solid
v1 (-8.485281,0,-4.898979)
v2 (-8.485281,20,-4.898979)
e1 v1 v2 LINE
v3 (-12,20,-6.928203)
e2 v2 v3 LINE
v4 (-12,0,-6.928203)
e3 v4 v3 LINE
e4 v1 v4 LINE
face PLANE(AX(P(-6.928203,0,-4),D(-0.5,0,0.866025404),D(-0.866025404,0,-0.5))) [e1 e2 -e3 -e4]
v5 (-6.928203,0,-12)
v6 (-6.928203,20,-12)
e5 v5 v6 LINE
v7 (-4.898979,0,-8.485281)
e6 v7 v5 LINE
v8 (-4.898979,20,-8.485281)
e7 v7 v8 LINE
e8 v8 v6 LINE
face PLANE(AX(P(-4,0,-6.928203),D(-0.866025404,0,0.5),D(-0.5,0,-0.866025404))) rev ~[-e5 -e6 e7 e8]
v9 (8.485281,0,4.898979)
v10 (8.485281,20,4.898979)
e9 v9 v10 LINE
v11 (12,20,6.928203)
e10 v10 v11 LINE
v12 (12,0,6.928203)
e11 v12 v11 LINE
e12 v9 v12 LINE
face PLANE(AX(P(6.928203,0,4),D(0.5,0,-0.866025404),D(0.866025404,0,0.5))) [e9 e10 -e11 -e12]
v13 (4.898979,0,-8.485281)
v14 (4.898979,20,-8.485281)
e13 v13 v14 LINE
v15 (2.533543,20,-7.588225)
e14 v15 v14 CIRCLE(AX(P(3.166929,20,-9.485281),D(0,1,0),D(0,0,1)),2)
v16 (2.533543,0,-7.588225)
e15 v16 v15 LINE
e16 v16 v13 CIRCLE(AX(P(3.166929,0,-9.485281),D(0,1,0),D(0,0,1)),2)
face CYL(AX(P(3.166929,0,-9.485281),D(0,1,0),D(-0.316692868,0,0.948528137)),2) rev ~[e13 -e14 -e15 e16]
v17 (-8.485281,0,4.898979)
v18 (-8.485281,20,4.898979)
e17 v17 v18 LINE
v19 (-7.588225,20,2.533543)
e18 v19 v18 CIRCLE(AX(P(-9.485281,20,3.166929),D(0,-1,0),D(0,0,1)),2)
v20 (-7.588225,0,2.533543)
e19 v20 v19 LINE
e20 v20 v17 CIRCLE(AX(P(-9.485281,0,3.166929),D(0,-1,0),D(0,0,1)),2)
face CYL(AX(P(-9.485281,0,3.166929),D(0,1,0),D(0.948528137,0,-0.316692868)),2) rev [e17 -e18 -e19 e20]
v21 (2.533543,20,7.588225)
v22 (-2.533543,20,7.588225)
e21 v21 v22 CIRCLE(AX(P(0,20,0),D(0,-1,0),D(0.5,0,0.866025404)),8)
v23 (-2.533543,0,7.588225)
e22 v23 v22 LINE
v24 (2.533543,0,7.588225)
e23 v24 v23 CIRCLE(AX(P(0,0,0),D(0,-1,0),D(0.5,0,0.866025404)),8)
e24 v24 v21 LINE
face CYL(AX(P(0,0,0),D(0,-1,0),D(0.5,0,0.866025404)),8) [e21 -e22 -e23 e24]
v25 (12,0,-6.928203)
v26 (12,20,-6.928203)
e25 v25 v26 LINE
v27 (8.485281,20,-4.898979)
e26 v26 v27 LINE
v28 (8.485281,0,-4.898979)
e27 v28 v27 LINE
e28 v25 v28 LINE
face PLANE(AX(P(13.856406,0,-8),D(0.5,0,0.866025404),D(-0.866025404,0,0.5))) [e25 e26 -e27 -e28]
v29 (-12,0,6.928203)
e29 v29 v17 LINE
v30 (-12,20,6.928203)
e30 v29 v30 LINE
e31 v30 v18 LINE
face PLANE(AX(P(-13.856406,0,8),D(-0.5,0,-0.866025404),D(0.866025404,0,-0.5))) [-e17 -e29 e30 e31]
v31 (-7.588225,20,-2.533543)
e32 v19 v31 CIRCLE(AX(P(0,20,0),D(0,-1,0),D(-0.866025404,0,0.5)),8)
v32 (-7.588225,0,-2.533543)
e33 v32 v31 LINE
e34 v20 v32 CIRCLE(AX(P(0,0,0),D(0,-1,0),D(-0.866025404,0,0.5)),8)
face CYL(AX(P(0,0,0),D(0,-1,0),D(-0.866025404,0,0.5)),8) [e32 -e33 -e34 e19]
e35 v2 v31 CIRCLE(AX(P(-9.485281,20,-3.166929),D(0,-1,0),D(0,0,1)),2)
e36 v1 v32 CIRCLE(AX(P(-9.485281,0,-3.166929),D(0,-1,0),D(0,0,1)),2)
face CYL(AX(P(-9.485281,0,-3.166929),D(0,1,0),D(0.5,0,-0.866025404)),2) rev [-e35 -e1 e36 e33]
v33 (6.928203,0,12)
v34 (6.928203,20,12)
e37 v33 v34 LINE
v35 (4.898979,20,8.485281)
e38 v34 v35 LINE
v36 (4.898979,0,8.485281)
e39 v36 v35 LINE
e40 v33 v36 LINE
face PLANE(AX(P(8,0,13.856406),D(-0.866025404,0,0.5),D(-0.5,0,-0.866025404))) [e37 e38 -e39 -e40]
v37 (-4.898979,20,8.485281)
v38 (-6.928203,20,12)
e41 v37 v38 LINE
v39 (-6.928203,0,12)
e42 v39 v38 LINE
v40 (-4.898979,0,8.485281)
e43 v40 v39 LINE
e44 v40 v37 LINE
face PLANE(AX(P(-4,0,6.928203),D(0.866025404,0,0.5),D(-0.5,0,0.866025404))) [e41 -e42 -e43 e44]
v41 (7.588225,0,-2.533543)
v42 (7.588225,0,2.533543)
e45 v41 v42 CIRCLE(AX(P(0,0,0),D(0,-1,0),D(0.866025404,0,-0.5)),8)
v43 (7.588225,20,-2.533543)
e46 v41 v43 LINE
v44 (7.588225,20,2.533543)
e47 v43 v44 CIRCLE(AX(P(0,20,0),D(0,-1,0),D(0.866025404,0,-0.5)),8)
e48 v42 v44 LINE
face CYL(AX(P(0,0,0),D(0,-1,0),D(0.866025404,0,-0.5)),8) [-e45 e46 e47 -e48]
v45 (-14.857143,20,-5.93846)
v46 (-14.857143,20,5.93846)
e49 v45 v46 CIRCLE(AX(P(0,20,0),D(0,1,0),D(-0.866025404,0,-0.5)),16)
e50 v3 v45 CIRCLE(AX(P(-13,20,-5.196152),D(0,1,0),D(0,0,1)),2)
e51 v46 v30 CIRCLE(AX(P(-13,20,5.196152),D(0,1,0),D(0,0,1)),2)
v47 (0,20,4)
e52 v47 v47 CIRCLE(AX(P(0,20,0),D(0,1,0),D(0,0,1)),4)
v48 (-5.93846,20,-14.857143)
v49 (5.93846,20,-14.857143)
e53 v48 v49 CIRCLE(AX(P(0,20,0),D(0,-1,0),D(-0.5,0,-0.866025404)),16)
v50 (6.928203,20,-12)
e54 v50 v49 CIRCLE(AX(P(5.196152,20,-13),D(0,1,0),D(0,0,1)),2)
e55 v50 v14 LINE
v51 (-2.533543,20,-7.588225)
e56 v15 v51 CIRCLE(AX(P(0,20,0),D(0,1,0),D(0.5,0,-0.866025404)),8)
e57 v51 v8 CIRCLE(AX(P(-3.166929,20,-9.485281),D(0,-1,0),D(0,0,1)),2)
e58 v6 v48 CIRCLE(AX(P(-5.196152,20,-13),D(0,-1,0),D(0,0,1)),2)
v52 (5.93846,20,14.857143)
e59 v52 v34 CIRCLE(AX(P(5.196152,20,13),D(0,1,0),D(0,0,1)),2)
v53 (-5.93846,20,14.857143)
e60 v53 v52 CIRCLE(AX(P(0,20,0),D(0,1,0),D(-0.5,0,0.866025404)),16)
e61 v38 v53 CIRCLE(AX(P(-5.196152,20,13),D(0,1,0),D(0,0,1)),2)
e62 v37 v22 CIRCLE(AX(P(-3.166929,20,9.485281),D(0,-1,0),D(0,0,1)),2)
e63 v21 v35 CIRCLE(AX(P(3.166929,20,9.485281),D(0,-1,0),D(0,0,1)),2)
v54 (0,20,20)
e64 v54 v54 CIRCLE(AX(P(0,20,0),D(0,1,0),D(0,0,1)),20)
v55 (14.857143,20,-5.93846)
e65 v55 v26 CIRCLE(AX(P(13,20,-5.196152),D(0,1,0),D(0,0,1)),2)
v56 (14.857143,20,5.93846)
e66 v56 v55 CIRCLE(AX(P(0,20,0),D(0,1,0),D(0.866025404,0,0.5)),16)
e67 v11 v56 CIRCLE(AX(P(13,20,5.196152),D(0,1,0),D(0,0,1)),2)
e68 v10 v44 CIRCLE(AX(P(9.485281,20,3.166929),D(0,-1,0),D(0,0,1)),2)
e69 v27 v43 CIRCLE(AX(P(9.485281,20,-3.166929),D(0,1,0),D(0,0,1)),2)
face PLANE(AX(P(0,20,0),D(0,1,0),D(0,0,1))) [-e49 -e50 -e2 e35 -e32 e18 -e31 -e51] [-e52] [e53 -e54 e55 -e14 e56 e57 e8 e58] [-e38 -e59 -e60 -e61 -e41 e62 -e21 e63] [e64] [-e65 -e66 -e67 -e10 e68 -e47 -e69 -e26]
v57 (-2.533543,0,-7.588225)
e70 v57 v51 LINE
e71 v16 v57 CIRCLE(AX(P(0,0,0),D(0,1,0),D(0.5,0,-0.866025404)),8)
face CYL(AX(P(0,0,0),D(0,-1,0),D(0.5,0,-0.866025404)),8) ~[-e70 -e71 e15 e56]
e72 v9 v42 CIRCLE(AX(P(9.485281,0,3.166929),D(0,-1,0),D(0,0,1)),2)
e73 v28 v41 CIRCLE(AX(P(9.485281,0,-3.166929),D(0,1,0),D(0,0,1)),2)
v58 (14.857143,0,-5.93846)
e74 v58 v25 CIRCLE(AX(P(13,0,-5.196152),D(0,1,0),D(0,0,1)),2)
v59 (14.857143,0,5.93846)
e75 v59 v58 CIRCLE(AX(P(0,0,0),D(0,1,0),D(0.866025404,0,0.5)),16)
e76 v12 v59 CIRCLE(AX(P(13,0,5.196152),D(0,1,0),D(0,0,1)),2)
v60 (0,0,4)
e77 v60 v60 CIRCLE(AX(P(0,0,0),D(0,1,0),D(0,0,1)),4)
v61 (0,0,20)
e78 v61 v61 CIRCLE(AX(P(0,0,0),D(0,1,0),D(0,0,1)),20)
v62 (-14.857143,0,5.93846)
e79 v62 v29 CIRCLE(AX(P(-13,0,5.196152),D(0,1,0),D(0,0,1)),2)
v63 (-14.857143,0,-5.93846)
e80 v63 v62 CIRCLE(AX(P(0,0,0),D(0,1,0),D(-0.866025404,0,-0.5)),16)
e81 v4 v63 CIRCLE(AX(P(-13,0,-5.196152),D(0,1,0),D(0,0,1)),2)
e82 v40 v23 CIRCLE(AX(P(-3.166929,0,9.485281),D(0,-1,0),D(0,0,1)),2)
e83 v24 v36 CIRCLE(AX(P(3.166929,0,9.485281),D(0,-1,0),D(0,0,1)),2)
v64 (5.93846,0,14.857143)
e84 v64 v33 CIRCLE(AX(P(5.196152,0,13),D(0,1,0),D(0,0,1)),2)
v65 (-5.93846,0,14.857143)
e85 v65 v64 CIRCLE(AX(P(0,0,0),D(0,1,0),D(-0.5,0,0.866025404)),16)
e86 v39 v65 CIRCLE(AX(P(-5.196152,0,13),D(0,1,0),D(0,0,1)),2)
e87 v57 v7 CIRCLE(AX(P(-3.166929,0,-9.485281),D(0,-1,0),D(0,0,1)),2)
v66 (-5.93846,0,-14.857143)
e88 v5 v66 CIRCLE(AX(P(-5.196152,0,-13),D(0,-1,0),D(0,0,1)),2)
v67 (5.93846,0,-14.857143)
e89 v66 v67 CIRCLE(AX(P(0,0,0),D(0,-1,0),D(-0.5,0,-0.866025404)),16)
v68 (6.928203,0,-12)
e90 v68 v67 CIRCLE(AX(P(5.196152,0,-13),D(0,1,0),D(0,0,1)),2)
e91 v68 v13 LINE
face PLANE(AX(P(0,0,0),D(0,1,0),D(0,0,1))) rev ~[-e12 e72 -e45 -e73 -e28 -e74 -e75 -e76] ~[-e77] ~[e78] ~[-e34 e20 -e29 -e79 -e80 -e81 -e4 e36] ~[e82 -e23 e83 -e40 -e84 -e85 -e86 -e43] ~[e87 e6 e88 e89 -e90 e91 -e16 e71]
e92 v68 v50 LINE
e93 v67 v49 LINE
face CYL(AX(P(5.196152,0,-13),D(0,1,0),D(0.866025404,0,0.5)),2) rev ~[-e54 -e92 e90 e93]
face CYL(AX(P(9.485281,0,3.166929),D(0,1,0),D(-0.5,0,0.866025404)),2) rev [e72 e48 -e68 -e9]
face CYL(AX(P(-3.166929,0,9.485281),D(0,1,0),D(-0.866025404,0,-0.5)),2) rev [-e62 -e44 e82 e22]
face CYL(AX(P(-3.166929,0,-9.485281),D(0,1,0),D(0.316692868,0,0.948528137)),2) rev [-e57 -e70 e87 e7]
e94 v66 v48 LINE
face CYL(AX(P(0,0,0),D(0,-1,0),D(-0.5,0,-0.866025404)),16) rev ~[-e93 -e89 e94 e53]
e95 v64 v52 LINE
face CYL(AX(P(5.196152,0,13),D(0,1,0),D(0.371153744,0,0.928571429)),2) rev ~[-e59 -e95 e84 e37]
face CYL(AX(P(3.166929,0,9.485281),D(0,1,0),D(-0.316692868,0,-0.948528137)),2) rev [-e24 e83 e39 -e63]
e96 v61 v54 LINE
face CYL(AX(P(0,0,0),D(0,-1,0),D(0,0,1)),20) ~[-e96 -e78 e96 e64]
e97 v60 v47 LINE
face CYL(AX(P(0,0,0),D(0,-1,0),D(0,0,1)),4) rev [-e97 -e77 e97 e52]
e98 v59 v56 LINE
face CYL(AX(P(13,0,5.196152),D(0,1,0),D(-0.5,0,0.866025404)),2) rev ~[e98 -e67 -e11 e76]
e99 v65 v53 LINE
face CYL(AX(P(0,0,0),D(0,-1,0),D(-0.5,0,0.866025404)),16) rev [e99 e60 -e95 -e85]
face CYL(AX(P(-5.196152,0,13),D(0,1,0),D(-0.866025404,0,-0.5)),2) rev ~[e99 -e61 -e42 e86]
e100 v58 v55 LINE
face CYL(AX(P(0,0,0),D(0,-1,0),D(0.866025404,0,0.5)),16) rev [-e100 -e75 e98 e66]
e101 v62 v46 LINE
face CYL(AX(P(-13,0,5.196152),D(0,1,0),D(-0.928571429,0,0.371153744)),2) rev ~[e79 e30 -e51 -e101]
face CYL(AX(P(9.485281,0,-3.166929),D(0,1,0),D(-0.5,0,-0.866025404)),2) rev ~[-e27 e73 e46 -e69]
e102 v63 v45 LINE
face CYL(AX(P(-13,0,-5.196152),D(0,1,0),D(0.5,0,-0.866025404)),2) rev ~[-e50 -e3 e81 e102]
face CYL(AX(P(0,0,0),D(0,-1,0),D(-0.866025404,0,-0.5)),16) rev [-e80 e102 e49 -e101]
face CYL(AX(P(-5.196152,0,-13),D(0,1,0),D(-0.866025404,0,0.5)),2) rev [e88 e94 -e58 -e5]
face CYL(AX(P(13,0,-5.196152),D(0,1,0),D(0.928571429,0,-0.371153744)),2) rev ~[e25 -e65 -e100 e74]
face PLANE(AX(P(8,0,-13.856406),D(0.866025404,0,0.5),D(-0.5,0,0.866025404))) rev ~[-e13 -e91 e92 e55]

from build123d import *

# Parameters (mm, degrees)
SKETCH_1_R      = 20
SKETCH_1_R_2    = 4
EXTRUDE_1_DEPTH = 20
FILLET_1_R      = 2


with BuildPart() as part:
    # 草图1 → 凸台-拉伸1 (new body)
    with BuildSketch(Plane(origin=(0, 0, 0), x_dir=(1, 0, 0), z_dir=(0, 1, 0))):
        with Locations(Location((0, 0, 0), (0, 0, 270))):
            Circle(SKETCH_1_R)
        with Locations(Location((0, 0, 0), (0, 0, 270))):
            Circle(SKETCH_1_R_2, mode=Mode.SUBTRACT)
        with BuildLine():
            Line((-4, -6.92820323), (-8, -13.856406461))
            ThreePointArc((-8, -13.856406461), (0, -16), (8, -13.856406461))
            Line((8, -13.856406461), (4, -6.92820323))
            ThreePointArc((4, -6.92820323), (0, -8), (-4, -6.92820323))
        make_face(mode=Mode.SUBTRACT)
        with BuildLine():
            Line((-4, 6.92820323), (-8, 13.856406461))
            ThreePointArc((-8, 13.856406461), (0, 16), (8, 13.856406461))
            Line((8, 13.856406461), (4, 6.92820323))
            ThreePointArc((4, 6.92820323), (0, 8), (-4, 6.92820323))
        make_face(mode=Mode.SUBTRACT)
        with BuildLine():
            Line((-6.92820323, 4), (-13.856406461, 8))
            ThreePointArc((-13.856406461, 8), (-16, 0), (-13.856406461, -8))
            Line((-13.856406461, -8), (-6.92820323, -4))
            ThreePointArc((-6.92820323, -4), (-8, 0), (-6.92820323, 4))
        make_face(mode=Mode.SUBTRACT)
        with BuildLine():
            Line((6.92820323, -4), (13.856406461, -8))
            ThreePointArc((13.856406461, -8), (16, 0), (13.856406461, 8))
            Line((13.856406461, 8), (6.92820323, 4))
            ThreePointArc((6.92820323, 4), (8, 0), (6.92820323, -4))
        make_face(mode=Mode.SUBTRACT)
    extrude(amount=EXTRUDE_1_DEPTH)

    # 圆角1
    fillet_1_edges = [part.edges().sort_by_distance(p)[0] for p in [
        (8, 10, -13.856406461),
        (-8, 10, -13.856406461),
        (-4, 10, -6.92820323),
        (4, 10, -6.92820323),
        (13.856406461, 10, 8),
        (13.856406461, 10, -8),
        (6.92820323, 10, -4),
        (6.92820323, 10, 4),
        (-8, 10, 13.856406461),
        (8, 10, 13.856406461),
        (4, 10, 6.92820323),
        (-4, 10, 6.92820323),
        (-13.856406461, 10, -8),
        (-13.856406461, 10, 8),
        (-6.92820323, 10, 4),
        (-6.92820323, 10, -4),
    ]]
    fillet(fillet_1_edges, radius=FILLET_1_R)


solid = part.part
